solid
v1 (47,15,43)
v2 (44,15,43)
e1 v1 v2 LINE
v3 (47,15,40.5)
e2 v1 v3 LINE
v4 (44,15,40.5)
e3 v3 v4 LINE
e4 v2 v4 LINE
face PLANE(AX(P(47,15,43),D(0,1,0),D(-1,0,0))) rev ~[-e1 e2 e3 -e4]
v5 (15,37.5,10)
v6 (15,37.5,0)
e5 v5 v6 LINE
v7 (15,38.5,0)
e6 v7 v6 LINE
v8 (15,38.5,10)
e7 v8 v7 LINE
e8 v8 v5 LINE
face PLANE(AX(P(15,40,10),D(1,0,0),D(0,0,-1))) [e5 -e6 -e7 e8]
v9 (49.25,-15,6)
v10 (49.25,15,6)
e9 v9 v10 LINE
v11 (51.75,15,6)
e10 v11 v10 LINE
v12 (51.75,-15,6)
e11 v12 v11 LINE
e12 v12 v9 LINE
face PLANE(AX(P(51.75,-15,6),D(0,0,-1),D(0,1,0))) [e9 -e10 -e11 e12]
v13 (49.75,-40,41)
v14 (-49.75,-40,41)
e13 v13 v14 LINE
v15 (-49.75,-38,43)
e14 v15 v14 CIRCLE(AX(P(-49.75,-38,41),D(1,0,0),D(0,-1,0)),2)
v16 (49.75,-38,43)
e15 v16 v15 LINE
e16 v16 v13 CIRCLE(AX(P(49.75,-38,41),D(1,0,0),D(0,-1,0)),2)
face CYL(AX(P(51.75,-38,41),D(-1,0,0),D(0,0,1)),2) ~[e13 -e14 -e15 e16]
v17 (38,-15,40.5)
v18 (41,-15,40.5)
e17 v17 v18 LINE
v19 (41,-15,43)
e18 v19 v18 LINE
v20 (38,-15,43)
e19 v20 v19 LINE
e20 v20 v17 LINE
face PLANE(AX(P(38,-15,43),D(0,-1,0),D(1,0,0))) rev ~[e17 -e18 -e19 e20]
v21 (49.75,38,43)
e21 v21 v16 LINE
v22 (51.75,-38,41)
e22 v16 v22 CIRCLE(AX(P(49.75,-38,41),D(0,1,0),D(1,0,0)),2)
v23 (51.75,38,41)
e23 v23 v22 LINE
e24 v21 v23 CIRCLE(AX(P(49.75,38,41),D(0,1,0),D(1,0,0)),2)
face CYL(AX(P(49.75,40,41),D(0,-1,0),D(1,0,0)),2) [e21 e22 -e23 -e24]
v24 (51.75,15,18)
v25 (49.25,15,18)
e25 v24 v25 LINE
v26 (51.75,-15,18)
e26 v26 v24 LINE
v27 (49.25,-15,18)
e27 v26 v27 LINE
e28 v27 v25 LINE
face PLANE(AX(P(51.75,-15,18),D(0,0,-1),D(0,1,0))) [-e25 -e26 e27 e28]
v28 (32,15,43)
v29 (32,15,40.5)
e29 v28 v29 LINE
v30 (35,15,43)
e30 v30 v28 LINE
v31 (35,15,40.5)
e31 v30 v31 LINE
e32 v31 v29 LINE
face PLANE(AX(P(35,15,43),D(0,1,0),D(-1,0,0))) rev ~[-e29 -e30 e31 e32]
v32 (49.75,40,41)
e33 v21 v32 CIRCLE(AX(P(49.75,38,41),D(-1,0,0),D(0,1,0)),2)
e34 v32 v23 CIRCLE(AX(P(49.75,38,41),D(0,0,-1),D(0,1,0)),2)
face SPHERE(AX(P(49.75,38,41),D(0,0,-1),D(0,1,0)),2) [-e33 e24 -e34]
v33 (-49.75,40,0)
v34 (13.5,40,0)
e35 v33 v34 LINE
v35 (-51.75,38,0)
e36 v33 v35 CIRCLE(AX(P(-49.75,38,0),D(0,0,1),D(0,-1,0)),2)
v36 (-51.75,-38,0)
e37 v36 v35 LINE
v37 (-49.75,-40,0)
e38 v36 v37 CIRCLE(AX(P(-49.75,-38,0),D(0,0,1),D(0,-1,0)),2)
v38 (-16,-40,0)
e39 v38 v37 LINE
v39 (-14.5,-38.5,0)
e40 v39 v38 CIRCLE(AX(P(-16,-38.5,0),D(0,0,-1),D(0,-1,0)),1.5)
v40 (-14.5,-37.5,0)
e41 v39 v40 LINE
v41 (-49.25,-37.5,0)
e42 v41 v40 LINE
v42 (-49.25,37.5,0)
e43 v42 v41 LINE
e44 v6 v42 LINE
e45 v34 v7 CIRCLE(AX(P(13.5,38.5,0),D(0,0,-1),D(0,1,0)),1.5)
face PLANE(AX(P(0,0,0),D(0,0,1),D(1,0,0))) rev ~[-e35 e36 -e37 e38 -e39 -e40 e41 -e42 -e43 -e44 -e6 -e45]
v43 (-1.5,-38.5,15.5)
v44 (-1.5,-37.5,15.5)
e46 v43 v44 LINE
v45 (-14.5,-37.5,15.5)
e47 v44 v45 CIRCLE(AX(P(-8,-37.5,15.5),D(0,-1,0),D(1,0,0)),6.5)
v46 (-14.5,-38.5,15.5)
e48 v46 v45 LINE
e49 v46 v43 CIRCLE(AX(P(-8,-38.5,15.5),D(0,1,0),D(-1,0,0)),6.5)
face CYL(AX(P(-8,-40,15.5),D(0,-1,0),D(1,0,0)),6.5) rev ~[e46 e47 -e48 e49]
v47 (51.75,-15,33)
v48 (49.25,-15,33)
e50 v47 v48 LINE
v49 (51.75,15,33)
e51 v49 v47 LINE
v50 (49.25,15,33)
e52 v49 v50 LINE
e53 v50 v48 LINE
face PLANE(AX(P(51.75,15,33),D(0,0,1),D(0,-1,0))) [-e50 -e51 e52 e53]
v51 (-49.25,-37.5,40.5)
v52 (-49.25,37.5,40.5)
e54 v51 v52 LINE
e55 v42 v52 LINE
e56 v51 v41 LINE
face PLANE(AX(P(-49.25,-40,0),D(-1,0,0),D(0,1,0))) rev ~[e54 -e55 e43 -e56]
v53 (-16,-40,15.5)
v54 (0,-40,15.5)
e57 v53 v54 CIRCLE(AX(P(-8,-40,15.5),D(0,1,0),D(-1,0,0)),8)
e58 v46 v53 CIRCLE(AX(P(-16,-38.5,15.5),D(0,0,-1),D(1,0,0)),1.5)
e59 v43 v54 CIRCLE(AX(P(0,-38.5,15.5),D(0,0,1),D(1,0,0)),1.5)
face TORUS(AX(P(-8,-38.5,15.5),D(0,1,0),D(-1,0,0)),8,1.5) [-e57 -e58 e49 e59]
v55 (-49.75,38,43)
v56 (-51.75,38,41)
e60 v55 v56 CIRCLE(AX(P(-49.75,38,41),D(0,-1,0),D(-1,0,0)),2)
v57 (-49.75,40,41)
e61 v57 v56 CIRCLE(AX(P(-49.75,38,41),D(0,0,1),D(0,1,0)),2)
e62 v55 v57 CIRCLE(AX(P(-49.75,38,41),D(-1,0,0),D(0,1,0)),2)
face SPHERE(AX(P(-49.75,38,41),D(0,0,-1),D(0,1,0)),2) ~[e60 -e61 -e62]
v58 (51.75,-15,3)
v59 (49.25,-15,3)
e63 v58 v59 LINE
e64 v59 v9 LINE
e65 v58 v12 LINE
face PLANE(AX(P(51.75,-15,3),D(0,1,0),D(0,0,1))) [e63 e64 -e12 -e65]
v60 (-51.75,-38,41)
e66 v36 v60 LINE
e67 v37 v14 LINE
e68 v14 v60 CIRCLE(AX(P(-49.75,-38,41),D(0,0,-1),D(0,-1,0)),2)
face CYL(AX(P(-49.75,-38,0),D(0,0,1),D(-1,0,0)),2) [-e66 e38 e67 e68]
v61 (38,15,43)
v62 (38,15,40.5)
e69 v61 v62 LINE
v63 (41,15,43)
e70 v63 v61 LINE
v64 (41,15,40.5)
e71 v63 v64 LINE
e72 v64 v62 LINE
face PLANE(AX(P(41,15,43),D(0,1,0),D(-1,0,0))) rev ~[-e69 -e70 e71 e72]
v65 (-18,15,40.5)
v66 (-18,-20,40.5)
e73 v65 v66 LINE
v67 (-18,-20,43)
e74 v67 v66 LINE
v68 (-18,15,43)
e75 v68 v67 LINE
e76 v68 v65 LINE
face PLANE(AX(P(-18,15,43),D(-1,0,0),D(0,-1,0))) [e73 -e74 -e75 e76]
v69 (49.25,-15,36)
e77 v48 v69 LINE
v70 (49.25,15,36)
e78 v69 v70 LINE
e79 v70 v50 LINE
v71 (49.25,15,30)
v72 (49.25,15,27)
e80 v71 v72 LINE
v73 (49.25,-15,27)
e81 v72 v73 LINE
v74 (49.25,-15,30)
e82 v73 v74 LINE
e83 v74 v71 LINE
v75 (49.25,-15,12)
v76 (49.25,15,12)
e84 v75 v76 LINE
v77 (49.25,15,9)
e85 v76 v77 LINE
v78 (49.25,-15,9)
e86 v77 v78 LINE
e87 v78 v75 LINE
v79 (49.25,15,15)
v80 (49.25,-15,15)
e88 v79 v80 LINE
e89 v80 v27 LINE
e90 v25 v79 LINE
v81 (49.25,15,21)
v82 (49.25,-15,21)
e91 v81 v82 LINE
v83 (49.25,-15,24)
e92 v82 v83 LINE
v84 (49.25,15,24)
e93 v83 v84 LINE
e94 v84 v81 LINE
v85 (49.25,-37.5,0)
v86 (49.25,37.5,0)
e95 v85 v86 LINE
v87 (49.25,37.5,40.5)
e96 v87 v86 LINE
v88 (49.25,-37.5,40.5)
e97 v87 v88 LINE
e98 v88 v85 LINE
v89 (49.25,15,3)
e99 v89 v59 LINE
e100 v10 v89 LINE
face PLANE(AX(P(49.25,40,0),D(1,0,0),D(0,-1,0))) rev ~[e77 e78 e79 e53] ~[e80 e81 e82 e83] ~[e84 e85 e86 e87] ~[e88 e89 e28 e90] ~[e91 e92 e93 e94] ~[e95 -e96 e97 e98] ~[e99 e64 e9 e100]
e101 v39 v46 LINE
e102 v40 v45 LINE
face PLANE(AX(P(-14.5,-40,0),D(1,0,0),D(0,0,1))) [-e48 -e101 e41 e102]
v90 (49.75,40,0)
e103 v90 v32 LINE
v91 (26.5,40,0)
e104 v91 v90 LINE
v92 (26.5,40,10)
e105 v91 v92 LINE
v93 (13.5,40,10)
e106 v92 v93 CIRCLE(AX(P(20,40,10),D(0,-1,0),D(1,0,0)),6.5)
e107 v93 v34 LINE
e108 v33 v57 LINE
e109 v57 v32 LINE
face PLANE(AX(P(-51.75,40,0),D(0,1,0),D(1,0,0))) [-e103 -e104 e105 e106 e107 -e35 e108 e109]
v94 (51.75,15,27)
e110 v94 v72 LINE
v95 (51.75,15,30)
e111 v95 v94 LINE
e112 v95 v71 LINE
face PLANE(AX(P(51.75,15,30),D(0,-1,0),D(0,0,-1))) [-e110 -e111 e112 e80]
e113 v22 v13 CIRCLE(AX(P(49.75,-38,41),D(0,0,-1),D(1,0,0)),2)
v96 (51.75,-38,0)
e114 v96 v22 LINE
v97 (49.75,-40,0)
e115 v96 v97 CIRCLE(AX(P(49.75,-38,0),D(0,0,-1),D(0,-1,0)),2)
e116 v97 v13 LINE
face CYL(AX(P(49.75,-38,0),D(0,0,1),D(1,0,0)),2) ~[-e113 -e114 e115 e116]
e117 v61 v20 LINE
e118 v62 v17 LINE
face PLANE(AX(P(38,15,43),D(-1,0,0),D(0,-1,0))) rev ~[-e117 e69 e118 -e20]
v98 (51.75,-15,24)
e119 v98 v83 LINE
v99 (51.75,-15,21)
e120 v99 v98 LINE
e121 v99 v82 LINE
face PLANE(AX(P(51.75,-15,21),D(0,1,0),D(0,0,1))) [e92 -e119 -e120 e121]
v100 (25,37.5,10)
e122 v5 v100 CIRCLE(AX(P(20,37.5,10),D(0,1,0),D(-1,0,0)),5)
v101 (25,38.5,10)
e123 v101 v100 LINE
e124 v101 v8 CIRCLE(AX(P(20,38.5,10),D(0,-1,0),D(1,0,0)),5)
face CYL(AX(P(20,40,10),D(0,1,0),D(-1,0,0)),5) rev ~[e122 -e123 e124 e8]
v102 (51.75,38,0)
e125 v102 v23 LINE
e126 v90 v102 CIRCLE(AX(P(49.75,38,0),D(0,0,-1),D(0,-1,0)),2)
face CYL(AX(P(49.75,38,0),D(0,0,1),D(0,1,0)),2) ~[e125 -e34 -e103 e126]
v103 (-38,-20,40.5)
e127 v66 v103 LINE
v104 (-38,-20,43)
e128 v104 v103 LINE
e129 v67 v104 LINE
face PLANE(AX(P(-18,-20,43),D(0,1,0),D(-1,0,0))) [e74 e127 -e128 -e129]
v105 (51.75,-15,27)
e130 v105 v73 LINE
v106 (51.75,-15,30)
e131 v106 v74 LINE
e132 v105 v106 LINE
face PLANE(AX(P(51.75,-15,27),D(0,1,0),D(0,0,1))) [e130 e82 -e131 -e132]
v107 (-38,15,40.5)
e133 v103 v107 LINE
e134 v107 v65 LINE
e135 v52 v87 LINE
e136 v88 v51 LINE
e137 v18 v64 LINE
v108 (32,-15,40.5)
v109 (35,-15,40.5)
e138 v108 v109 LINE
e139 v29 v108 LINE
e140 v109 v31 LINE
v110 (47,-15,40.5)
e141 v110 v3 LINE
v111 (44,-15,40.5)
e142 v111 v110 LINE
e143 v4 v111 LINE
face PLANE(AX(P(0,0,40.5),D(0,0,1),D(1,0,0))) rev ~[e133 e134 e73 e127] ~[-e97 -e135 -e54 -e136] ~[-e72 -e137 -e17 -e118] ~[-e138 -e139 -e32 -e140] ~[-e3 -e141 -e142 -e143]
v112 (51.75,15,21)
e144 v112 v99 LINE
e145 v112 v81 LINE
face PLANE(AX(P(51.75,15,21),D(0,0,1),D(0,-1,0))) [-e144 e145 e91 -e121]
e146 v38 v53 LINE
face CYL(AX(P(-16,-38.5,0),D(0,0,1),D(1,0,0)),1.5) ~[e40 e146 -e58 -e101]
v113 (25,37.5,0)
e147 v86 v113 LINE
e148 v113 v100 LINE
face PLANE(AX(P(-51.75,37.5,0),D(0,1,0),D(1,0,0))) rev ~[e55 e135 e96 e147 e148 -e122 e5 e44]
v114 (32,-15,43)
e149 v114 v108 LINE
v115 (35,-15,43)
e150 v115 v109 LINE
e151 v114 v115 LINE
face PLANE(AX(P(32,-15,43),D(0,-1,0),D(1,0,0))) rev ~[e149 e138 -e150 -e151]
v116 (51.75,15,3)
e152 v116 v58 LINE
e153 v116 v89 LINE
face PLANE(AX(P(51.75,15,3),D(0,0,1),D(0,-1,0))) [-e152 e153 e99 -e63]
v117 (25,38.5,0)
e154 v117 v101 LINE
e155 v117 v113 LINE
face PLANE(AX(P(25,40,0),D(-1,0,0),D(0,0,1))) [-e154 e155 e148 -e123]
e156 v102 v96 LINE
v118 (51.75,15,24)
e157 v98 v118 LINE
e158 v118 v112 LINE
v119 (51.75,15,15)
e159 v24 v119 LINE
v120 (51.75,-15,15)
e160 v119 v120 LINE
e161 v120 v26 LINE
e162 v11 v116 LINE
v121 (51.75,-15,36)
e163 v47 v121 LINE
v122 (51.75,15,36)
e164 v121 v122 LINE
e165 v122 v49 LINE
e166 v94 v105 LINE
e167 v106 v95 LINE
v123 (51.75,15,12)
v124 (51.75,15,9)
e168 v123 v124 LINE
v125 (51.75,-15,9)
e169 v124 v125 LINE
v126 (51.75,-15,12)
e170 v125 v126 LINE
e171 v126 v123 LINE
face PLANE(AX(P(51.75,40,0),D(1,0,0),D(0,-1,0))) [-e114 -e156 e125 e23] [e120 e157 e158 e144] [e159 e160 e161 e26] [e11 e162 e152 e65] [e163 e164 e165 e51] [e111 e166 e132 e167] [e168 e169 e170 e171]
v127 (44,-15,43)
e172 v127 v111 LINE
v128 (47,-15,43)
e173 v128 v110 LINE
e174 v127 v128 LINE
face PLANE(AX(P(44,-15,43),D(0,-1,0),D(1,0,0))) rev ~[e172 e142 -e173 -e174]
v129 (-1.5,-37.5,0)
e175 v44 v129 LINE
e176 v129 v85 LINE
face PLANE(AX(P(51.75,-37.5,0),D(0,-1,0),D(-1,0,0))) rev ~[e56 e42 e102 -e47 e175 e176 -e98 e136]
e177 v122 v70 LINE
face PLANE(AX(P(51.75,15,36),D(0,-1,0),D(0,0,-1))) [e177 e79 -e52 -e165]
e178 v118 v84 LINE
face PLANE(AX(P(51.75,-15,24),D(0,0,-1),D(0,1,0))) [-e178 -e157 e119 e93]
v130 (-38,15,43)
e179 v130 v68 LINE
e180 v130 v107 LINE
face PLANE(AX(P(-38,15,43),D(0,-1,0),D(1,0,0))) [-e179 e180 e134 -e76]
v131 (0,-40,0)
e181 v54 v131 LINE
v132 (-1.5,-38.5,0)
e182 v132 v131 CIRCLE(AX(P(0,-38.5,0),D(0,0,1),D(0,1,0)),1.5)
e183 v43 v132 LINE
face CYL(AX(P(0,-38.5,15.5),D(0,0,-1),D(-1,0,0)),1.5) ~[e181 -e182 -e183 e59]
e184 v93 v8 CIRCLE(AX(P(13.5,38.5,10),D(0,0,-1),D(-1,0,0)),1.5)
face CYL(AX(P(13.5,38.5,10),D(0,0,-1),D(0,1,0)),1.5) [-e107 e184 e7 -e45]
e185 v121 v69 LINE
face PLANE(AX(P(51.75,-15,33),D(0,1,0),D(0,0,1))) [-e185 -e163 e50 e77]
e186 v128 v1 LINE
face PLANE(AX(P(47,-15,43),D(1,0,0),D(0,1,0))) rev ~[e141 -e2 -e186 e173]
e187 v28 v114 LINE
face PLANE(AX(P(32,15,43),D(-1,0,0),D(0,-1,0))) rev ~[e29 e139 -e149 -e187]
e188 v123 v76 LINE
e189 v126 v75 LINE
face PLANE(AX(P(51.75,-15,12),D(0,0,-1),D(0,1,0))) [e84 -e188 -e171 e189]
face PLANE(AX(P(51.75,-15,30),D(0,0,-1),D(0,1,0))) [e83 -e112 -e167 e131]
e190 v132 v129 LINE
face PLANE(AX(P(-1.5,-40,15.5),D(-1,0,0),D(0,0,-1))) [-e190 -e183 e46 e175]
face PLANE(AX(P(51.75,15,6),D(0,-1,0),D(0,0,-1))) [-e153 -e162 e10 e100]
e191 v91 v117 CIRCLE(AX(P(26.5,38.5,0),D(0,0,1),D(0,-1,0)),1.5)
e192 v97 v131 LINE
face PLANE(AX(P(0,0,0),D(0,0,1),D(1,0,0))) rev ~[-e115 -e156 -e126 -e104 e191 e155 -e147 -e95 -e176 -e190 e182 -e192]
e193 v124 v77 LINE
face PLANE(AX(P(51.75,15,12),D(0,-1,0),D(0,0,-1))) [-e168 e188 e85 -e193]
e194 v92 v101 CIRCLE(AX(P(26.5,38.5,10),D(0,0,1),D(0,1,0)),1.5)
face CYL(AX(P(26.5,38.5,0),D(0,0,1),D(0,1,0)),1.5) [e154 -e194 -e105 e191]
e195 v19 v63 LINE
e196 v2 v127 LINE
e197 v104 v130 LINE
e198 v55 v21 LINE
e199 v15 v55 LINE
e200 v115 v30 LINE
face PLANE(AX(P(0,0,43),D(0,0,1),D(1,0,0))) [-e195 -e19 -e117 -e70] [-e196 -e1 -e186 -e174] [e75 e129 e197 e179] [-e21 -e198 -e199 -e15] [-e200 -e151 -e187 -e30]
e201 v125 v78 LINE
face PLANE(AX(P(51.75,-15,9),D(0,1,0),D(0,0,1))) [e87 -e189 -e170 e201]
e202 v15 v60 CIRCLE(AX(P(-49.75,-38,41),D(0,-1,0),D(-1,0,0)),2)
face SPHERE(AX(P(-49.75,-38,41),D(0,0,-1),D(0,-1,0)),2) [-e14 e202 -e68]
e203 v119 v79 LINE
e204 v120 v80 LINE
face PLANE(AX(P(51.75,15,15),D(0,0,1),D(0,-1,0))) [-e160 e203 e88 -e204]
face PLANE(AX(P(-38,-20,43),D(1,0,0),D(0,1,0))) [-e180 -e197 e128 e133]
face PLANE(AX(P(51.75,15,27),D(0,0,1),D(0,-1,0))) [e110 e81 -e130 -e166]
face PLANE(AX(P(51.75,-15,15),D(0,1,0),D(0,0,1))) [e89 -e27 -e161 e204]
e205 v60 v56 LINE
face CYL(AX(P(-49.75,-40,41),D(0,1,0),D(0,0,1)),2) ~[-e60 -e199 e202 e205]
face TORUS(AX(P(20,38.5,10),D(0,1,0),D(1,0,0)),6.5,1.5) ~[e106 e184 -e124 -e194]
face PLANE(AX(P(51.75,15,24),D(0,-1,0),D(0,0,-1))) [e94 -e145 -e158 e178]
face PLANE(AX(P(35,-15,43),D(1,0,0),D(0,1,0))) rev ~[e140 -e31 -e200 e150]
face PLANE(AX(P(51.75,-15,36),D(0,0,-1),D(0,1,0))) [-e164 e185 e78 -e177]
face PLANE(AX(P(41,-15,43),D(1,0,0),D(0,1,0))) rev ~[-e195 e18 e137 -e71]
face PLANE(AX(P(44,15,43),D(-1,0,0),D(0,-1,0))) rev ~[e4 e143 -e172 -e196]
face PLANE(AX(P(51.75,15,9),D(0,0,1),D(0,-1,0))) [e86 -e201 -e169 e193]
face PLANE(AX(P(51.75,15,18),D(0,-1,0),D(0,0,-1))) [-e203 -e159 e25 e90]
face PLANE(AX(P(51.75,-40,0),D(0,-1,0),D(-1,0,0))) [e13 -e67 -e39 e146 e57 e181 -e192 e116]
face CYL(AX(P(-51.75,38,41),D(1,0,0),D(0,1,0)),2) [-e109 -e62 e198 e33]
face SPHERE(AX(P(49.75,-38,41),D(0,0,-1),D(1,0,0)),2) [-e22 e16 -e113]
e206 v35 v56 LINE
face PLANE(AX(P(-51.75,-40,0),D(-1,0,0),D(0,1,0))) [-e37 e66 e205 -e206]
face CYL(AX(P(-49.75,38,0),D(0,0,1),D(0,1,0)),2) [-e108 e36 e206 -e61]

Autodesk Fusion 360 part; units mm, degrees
sketch "スケッチ1" plane through (0, 0, 0) normal (0, 0, 1) x (1, 0, 0)
  line L0 (-51.75, 40) -> (51.75, 40)
  line L1 (51.75, 40) -> (51.75, -40)
  line L2 (51.75, -40) -> (-51.75, -40)
  line L3 (-51.75, -40) -> (-51.75, 40)
  dimension "d1" = 103.5
  dimension "d2" = 80
  dimension "d32" = 51.75
  dimension "d33" = 40
extrude "押し出し1" add sketch "スケッチ1" along normal blind 2.5 makes body 1
extrude "押し出し4" add sketch "スケッチ1" along normal blind 43 separate body makes body 2
shell "シェル2" thickness 2.5 removed faces 1 at (-17.25, -13.3333, 0) on bodies 2
sketch "スケッチ2" plane through (0, -40, 0) normal (0, -1, 0) x (1, 0, 0)
  line L0 (-51.75, 0) -> (51.75, 0)
  line L1 (51.75, 0) -> (51.75, 43)
  line L2 (51.75, 43) -> (-51.75, 43)
  line L3 (-51.75, 43) -> (-51.75, 0)
  line L4 (-14.5, 0) -> (-14.5, 15.5)
  arc A0 (-1.5, 15.5) -> (-14.5, 15.5) centre (-8, 15.5) ccw
  line L5 (-1.5, 15.5) -> (-1.5, 0)
  line L6 (-14.5, 0) -> (-1.5, 0)
  dimension "d13" = 13
  dimension "d45" = 15.5
  dimension "d46" = 8
extrude "押し出し5" cut sketch "スケッチ2" against normal blind 20 contours L0 L4 A0 L5 L6 bodies 2
sketch "スケッチ3" plane through (0, 40, 0) normal (0, 1, 0) x (-1, 0, 0)
  line L0 (-25, -15) -> (-25, 10)
  arc A0 (-15, 10) -> (-25, 10) centre (-20, 10) ccw
  line L1 (-15, 10) -> (-15, -15)
  line L2 (-15, -15) -> (-25, -15)
  line L3 (-51.75, 0) -> (51.75, 0)
  line L4 (51.75, 0) -> (51.75, 43)
  line L5 (51.75, 43) -> (-51.75, 43)
  line L6 (-51.75, 43) -> (-51.75, 0)
  dimension "d17" = 10
  dimension "d42" = 10
  dimension "d44" = 20
extrude "押し出し6" cut sketch "スケッチ3" against normal blind 16 contours L0 A0 L1 L3 bodies 2
fillet "フィレット1" radius 2 4 edges at (-51.75, 40, 21.5) (51.75, 40, 21.5) (51.75, -40, 21.5) (-51.75, -40, 21.5) 1 faces at (-17.25, -13.3333, 43) on bodies 2
fillet "フィレット1" radius 1.5 6 edges at (-14.5, -40, 7.75) (-8, -40, 22) (-1.5, -40, 7.75) (25, 40, 5) (20, 40, 15) (15, 40, 5) on bodies 2
sketch "スケッチ4" plane through (0, 0, 2.5) normal (0, 0, 1) x (-1, 0, 0)
  line L0 (51.75, 40) -> (-51.75, 40)
  line L1 (-51.75, 40) -> (-51.75, -40)
  line L2 (-51.75, -40) -> (51.75, -40)
  line L3 (51.75, -40) -> (51.75, 40)
  line L4 (47.75, -36) -> (-47.75, -36)
  line L5 (-47.75, -36) -> (-47.75, 36)
  line L6 (-47.75, 36) -> (47.75, 36)
  line L7 (47.75, 36) -> (47.75, -36)
  dimension "d20" = 95.5
  dimension "d21" = 72
  dimension "d22" = 47.75
  dimension "d23" = 36
extrude "押し出し7" add sketch "スケッチ4" along normal blind 2 contours L4 L5 L6 L7 bodies 1
sketch "スケッチ6" plane through (0, 0, 0) normal (0, 0, 1) x (1, 0, 0)
  circle A0 centre (-44.5, -32.75) radius 3
  circle A1 centre (1, -32.75) radius 3
  circle A2 centre (-44.5, 32.75) radius 3
  circle A3 centre (1, 32.75) radius 3
  circle A4 centre (6, -14.75) radius 3
  circle A5 centre (43, -14.75) radius 3
  circle A6 centre (43, 22.75) radius 3
  circle A7 centre (6, 22.75) radius 3
  circle A8 centre (-44.5, -32.75) radius 1.65
  circle A9 centre (1, -32.75) radius 1.65
  circle A10 centre (6, -14.75) radius 1.65
  circle A11 centre (43, -14.75) radius 1.65
  circle A12 centre (43, 22.75) radius 1.65
  circle A13 centre (6, 22.75) radius 1.65
  circle A14 centre (1, 32.75) radius 1.65
  circle A15 centre (-44.5, 32.75) radius 1.65
  dimension "d26" = 6
  dimension "d27" = 45.5
  dimension "d28" = 65.5
  dimension "d29" = 32.75
  dimension "d30" = 37
  dimension "d31" = 37.5
  dimension "d34" = 44.5
  dimension "d35" = 5
  dimension "d39" = 3.3
  dimension "d57" = 10
extrude "押し出し8" cut sketch "スケッチ6" along normal blind 2 contours A0 | A1 | A2 | A3 | A4 | A5 | A6 | A7 | A8 | A9 | A10 | A11 | A12 | A13 | A14 | A15 bodies 1
extrude "押し出し9" cut sketch "スケッチ6" along normal through all contours A8 | A9 | A10 | A11 | A12 | A13 | A14 | A15 bodies 1
sketch "スケッチ8" plane through (0, 0, 2.5) normal (0, 0, 1) x (-1, 0, 0)
  line L0 (-47.75, -36) -> (-47.75, 36)
  line L1 (51.75, 40) -> (-51.75, 40)
  line L2 (-51.75, 40) -> (-51.75, -40)
  line L3 (-51.75, -40) -> (51.75, -40)
  line L4 (-37, -37.25) -> (-49, -25.25)
  line L5 (-49, -37.25) -> (-37, -37.25)
  line L6 (-49, 37.25) -> (-49, 25.25)
  line L7 (-49, 25.25) -> (-37, 37.25)
  line L8 (-37, 37.25) -> (-49, 37.25)
  line L9 (-49, -37.25) -> (-49, -25.25)
  line L10 (49, -25) -> (44, -25)
  line L11 (44, -25) -> (44, 25)
  line L12 (44, 25) -> (49, 25)
  line L13 (49, 25) -> (49, -25)
  line L14 (39.5, -37.25) -> (4.5, -37.25)
  line L15 (4.5, -37.25) -> (4.5, -32.25)
  line L16 (4.5, -32.25) -> (39.5, -32.25)
  line L17 (39.5, -32.25) -> (39.5, -37.25)
  line L18 (4.5, 32.25) -> (39.5, 32.25)
  line L19 (39.5, 32.25) -> (39.5, 37.25)
  line L20 (39.5, 37.25) -> (4.5, 37.25)
  line L21 (4.5, 37.25) -> (4.5, 32.25)
  dimension "d50" = 49
  dimension "d51" = 74.5
  dimension "d52" = 37.25
  dimension "d53" = 12
  dimension "d58" = 50
  dimension "d59" = 5
  dimension "d60" = 49
  dimension "d61" = 25
  dimension "d63" = 35
  dimension "d64" = 4.5
extrude "押し出し10" add sketch "スケッチ8" along normal blind 5 bodies 1
fillet "フィレット2" radius 2 4 edges at (-51.75, -40, 1.25) (51.75, -40, 1.25) (51.75, 40, 1.25) (-51.75, 40, 1.25) on bodies 1
sketch "スケッチ10" plane through (0, 0, 43) normal (0, 0, 1) x (-1, 0, 0)
  line L0 (49.75, 38) -> (-49.75, 38)
  line L1 (-49.75, 38) -> (-49.75, -38)
  line L2 (-49.75, -38) -> (49.75, -38)
  line L3 (49.75, -38) -> (49.75, 38)
  line L4 (38, -15) -> (18, -15)
  line L5 (18, -15) -> (18, 20)
  line L6 (18, 20) -> (38, 20)
  line L7 (38, 20) -> (38, -15)
  dimension "d73" = 15
  dimension "d74" = 20
  dimension "d75" = 18
  dimension "d76" = 20
extrude "押し出し13" cut sketch "スケッチ10" against normal blind 25 contours L4 L5 L6 L7 bodies 2
sketch "スケッチ9" plane through (51.75, 0, 0) normal (1, 0, 0) x (0, 1, 0)
  line L0 (-38, 41) -> (-38, 0)
  line L1 (-38, 0) -> (38, 0)
  line L2 (38, 0) -> (38, 41)
  line L3 (38, 41) -> (-38, 41)
  line L4 (-15, 36) -> (15, 36)
  line L5 (15, 36) -> (15, 33)
  line L6 (15, 33) -> (-15, 33)
  line L7 (-15, 33) -> (-15, 36)
  line L8 (15, 27) -> (-15, 27)
  line L9 (-15, 30) -> (15, 30)
  line L10 (15, 30) -> (15, 27)
  line L11 (-15, 27) -> (-15, 30)
  line L12 (15, 21) -> (-15, 21)
  line L13 (-15, 24) -> (15, 24)
  line L14 (15, 24) -> (15, 21)
  line L15 (-15, 21) -> (-15, 24)
  line L16 (15, 15) -> (-15, 15)
  line L17 (-15, 18) -> (15, 18)
  line L18 (15, 18) -> (15, 15)
  line L19 (-15, 15) -> (-15, 18)
  line L20 (15, 9) -> (-15, 9)
  line L21 (-15, 12) -> (15, 12)
  line L22 (15, 12) -> (15, 9)
  line L23 (-15, 9) -> (-15, 12)
  line L24 (15, 3) -> (-15, 3)
  line L25 (-15, 6) -> (15, 6)
  line L26 (15, 6) -> (15, 3)
  line L27 (-15, 3) -> (-15, 6)
  dimension "d80" = 30
  dimension "d81" = 3
  dimension "d82" = 15
  dimension "d85" = 0
  dimension "d86" = -6
  dimension "d89" = 36
extrude "押し出し14" cut sketch "スケッチ9" against normal blind 10 contours L4 L5 L6 L7 | L8 L9 L10 L11 | L12 L13 L14 L15 | L16 L17 L18 L19 | L20 L21 L22 L23 | L24 L25 L26 L27 bodies 2
sketch "スケッチ11" plane through (0, 0, 43) normal (0, 0, 1) x (-1, 0, 0)
  line L0 (18, -15) -> (18, 20)
  line L1 (18, 20) -> (38, 20)
  line L2 (38, 20) -> (38, -15)
  line L3 (38, -15) -> (18, -15)
  line L4 (49.75, 38) -> (-49.75, 38)
  line L5 (-49.75, 38) -> (-49.75, -38)
  line L6 (-49.75, -38) -> (49.75, -38)
  line L7 (49.75, -38) -> (49.75, 38)
  line L8 (-47, -15) -> (-44, -15)
  line L9 (-44, -15) -> (-44, 15)
  line L10 (-44, 15) -> (-47, 15)
  line L11 (-47, 15) -> (-47, -15)
  line L12 (-41, -15) -> (-38, -15)
  line L13 (-38, -15) -> (-38, 15)
  line L14 (-38, 15) -> (-41, 15)
  line L15 (-41, 15) -> (-41, -15)
  line L16 (-35, -15) -> (-32, -15)
  line L17 (-32, -15) -> (-32, 15)
  line L18 (-32, 15) -> (-35, 15)
  line L19 (-35, 15) -> (-35, -15)
  dimension "d90" = 3
  dimension "d91" = 30
  dimension "d92" = 15
extrude "押し出し15" cut sketch "スケッチ11" against normal blind 20 contours L8 L9 L10 L11 | L12 L13 L14 L15 | L16 L17 L18 L19 bodies 2
hidden bodies 1
equation "d1 = 93.5 mm + 10 mm"
equation "d22 = ( 95.5 / 2 ) * 1 mm"
equation "d28 = 70 mm - 4.5 mm"
equation "d29 = ( 65.5 / 2 ) * 1 mm"
equation "d30 = 43.5 mm - 6.5 mm"
equation "d32 = ( 103.5 / 2 ) * 1 mm"
